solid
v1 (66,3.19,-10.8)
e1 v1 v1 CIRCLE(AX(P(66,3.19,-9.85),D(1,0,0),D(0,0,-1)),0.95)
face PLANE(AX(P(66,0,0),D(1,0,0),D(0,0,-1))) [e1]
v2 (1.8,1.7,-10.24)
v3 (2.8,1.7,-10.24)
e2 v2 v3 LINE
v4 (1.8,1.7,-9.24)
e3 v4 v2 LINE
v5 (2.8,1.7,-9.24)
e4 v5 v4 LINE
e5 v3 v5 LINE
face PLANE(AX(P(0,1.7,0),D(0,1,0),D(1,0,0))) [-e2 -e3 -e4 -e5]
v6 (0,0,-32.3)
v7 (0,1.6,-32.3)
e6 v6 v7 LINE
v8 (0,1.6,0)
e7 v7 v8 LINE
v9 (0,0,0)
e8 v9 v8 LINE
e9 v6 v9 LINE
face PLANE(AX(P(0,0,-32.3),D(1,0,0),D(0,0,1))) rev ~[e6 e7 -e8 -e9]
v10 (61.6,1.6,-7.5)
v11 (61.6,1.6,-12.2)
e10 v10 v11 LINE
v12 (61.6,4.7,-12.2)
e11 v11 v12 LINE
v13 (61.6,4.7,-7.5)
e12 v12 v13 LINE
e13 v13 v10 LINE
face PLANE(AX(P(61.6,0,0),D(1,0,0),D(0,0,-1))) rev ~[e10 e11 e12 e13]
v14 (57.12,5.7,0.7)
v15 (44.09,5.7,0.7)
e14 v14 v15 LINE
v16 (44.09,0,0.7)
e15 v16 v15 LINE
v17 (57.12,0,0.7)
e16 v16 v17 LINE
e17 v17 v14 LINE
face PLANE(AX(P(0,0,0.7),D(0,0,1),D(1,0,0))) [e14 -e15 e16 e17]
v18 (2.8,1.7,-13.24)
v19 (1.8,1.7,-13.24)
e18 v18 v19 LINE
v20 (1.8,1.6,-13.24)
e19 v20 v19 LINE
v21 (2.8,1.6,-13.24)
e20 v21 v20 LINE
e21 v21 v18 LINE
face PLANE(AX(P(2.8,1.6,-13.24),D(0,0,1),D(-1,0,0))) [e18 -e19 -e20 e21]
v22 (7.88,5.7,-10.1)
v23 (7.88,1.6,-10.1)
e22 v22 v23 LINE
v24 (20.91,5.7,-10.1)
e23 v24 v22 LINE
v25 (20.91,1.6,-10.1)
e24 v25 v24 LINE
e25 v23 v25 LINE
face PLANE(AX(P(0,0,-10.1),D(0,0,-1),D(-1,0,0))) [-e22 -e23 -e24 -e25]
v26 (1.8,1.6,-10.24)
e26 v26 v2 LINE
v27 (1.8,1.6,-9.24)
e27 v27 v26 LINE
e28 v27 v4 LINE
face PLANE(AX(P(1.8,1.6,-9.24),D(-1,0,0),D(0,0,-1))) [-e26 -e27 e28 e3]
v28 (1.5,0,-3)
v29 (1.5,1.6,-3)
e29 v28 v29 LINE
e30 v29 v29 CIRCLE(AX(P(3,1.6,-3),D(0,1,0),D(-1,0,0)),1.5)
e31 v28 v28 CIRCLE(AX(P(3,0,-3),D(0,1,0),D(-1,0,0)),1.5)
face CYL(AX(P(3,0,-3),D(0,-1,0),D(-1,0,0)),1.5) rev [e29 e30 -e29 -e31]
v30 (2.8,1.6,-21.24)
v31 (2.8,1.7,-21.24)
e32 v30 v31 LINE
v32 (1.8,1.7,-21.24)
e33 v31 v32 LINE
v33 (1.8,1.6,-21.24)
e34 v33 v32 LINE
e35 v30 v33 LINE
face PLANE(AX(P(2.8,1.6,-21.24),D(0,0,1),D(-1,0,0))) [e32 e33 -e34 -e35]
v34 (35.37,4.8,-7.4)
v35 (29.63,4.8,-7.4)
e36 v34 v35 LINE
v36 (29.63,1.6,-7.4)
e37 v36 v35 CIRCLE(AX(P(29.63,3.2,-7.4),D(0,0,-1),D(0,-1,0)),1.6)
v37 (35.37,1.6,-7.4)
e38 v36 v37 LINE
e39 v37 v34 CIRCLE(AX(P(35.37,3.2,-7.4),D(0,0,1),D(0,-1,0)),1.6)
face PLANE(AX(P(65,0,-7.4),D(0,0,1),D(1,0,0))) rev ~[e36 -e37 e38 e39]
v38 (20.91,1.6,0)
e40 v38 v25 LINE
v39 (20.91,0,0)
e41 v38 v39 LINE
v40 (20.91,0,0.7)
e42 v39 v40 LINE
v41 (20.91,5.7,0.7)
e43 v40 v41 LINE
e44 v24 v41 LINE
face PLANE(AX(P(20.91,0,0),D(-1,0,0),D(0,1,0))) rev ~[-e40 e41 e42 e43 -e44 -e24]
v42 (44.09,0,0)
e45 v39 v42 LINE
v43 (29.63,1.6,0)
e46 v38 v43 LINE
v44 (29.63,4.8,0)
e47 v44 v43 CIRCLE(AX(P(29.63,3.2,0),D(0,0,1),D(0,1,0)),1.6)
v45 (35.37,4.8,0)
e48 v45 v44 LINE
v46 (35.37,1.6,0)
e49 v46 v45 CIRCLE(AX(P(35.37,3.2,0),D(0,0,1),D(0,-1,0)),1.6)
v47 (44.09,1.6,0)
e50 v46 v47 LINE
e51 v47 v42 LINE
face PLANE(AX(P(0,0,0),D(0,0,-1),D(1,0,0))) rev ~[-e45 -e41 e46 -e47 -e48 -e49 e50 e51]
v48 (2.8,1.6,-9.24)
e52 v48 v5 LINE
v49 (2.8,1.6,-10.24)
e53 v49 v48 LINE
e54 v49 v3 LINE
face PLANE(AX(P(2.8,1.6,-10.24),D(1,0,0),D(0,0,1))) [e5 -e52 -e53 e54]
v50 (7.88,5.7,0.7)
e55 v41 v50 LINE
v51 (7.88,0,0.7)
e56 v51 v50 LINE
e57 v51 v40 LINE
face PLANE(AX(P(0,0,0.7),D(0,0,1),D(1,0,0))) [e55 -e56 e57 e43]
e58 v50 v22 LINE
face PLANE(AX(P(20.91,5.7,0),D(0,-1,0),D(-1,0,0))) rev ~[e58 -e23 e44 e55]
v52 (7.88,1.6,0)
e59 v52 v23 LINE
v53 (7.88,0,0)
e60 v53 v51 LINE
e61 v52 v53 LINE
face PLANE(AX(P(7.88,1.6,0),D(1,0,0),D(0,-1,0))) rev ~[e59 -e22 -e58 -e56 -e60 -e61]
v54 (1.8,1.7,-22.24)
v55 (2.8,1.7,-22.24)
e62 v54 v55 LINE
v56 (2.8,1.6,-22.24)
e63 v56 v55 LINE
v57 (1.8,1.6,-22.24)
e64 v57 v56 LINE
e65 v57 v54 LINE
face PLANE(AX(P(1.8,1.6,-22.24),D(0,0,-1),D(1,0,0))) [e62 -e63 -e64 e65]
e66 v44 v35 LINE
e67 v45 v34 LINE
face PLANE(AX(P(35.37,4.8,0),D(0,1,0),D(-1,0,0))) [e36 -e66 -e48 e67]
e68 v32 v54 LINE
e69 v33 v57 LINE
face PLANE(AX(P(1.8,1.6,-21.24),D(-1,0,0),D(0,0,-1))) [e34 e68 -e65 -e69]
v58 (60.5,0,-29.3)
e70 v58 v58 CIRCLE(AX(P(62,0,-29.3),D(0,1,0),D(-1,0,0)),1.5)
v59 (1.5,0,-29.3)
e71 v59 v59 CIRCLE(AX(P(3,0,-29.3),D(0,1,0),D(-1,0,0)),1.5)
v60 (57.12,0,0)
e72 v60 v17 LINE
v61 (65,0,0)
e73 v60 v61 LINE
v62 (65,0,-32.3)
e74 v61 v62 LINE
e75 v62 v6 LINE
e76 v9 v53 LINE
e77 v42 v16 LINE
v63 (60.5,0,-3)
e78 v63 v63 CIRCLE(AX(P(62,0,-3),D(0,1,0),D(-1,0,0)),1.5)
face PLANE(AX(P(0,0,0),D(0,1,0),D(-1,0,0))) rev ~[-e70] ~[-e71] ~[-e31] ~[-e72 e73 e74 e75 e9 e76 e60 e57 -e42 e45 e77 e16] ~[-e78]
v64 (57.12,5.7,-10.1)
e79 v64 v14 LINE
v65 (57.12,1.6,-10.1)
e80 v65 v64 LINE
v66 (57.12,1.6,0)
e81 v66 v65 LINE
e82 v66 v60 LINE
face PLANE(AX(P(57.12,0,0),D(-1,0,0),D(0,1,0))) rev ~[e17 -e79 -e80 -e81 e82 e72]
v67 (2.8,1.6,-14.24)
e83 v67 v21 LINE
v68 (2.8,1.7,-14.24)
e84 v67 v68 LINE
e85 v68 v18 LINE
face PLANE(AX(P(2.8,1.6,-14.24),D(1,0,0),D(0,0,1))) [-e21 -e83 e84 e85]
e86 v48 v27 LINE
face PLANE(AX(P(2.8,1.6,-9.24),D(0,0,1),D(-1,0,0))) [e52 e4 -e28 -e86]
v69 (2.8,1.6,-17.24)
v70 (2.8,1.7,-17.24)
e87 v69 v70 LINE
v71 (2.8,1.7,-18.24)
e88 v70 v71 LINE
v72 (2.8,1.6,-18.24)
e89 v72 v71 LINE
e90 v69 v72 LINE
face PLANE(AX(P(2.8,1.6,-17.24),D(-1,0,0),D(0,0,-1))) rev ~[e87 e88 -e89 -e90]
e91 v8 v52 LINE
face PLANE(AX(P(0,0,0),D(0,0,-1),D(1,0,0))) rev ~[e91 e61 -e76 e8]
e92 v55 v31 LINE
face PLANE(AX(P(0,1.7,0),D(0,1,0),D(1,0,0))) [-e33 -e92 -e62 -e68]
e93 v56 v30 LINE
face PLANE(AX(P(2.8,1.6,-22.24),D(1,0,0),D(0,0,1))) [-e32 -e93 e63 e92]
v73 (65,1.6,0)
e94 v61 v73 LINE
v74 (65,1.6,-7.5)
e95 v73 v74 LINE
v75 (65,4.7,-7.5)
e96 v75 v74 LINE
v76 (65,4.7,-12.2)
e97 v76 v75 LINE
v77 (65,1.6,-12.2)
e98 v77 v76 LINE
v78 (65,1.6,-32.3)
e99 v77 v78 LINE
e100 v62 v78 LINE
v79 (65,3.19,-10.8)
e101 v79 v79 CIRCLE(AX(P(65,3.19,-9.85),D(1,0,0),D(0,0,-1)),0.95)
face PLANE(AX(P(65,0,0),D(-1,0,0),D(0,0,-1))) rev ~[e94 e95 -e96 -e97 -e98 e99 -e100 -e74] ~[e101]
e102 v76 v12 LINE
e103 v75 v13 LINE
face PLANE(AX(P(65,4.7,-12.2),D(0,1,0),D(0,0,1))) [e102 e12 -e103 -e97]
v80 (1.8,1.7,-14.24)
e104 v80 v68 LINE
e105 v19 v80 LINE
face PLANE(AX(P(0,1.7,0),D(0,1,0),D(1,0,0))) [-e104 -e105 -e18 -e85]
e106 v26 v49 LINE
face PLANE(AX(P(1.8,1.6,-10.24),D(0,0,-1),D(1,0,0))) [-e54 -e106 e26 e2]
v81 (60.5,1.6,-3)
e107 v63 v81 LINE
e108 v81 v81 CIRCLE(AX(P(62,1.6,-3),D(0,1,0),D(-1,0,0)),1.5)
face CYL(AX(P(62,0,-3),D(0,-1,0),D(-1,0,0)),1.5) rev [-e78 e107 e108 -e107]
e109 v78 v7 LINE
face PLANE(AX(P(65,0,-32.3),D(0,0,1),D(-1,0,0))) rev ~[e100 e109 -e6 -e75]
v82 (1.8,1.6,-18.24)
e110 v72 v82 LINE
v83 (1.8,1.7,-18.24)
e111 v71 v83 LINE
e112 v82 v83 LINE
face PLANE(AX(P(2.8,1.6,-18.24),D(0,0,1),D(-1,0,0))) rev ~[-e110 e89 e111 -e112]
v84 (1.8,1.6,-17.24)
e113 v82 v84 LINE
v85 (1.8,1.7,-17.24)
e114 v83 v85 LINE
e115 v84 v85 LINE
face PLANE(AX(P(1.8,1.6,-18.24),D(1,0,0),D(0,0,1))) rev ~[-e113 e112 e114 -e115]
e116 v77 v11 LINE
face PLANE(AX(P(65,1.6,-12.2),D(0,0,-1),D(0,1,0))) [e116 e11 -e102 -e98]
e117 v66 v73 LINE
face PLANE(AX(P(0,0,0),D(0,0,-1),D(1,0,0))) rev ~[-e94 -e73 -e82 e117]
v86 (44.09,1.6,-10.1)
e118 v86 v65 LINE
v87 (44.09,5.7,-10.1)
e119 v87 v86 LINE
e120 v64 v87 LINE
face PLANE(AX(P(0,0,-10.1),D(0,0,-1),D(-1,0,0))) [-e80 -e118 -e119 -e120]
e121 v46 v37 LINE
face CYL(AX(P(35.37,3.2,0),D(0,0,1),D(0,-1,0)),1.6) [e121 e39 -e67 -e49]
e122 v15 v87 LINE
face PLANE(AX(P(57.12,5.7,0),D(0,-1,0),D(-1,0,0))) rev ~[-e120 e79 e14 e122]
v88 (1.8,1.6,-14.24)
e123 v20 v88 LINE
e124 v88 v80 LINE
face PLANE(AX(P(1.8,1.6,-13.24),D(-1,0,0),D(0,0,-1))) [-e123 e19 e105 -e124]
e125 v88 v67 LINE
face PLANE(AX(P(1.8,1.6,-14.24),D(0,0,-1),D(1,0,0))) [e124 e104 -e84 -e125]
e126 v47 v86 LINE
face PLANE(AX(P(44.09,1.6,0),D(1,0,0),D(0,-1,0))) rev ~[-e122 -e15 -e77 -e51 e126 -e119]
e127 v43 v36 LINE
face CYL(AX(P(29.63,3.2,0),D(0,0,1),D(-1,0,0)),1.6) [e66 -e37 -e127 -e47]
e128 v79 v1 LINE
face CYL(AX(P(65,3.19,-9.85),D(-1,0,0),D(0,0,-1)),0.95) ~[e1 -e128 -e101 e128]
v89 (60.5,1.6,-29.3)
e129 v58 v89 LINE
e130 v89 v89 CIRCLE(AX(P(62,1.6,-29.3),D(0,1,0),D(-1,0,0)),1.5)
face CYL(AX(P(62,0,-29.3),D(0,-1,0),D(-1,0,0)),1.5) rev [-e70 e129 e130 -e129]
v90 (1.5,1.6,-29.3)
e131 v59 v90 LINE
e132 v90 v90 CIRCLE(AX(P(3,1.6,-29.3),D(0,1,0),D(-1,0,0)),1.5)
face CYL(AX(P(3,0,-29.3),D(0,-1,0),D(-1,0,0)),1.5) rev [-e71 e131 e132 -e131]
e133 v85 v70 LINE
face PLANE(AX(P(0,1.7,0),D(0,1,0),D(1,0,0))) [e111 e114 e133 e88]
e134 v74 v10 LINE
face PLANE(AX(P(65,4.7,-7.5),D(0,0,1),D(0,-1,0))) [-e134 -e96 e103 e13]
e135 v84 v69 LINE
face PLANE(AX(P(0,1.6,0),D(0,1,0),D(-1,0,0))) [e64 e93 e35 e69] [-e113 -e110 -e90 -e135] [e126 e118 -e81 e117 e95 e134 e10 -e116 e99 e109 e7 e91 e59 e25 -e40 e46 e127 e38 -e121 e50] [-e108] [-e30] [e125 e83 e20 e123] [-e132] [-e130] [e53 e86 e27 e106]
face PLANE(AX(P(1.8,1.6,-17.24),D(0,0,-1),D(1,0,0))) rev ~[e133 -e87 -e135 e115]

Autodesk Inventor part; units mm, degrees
ref_plane "YZ Plane" through (0, 0, 0) normal (1, 0, 0) x (0, 1, 0)
ref_plane "XZ Plane" through (0, 0, 0) normal (0, 1, 0) x (-1, 0, 0)
ref_plane "XY Plane" through (0, 0, 0) normal (0, 0, 1) x (1, 0, 0)
sketch "草圖1" plane through (0, 0, 0) normal (0, 1, 0) x (-1, 0, 0)
  line L0 (0, 0) -> (-65, 0)
  line L1 (-65, 0) -> (-65, -32.3)
  line L2 (-65, -32.3) -> (0, -32.3)
  line L3 (0, -32.3) -> (0, 0)
  circle A0 centre (-3, -3) radius 1.5
  circle A1 centre (-3, -29.3) radius 1.5
  circle A2 centre (-62, -3) radius 1.5
  circle A3 centre (-62, -29.3) radius 1.5
  dimension "d0" = 65
  dimension "d1" = 32.3
  dimension "d4" = 3
  dimension "d5" = 3
  dimension "d6" = 3
  dimension "d7" = 3
  dimension "d8" = 3
  dimension "d9" = 3
  dimension "d10" = 3
  dimension "d11" = 3
  dimension "d12" = 3
  dimension "d13" = 3
  dimension "d14" = 3
  dimension "d15" = 3
extrude "擠出1" add sketch "草圖1" along normal blind 1.6
sketch "草圖2" plane through (0, 0, 0) normal (0, 0, 1) x (1, 0, 0)
  line L0 (0, 0) -> (65, 0) projected
  line L1 (65, 0) -> (65, 1.6) projected
  line L2 (0, 1.6) -> (65, 1.6) projected
  line L3 (0, 0) -> (0, 1.6) projected
  line L4 (7.88, 0) -> (20.91, 0)
  line L5 (20.91, 0) -> (20.91, 5.7)
  line L6 (20.91, 5.7) -> (7.88, 5.7)
  line L7 (7.88, 5.7) -> (7.88, 0)
  line L8 (44.09, 0) -> (57.12, 0)
  line L9 (57.12, 0) -> (57.12, 5.7)
  line L10 (57.12, 5.7) -> (44.09, 5.7)
  line L11 (44.09, 5.7) -> (44.09, 0)
  point P0 (44.09, 1.6)
  point P1 (57.12, 1.6)
  dimension "d16" = 13.03
  dimension "d17" = 5.7
  dimension "d18" = 13.03
  dimension "d19" = 5.7
  dimension "d20" = 7.88
  dimension "d21" = 7.88
extrude "擠出2" add sketch "草圖2" along normal blind 0.7 contours L7 L2 L5 L0 | L7 L6 L5 L2 | L11 L2 L9 L0 | L11 L10 L9 L2
sketch "草圖3" plane through (0, 0, 0) normal (0, 0, -1) x (-1, 0, 0)
  line L0 (-7.88, 1.6) -> (-20.91, 1.6) projected
  line L1 (-7.88, 5.7) -> (-7.88, 1.6) projected
  line L2 (-20.91, 5.7) -> (-7.88, 5.7) projected
  line L3 (-20.91, 1.6) -> (-20.91, 5.7) projected
  line L4 (-57.12, 5.7) -> (-44.09, 5.7) projected
  line L5 (-44.09, 5.7) -> (-44.09, 1.6) projected
  line L6 (-57.12, 5.7) -> (-44.09, 5.7) projected
  line L7 (-57.12, 1.6) -> (-57.12, 5.7) projected
  line L8 (-7.88, 1.6) -> (-20.91, 1.6) projected
  line L9 (-7.88, 5.7) -> (-7.88, 1.6) projected
  line L10 (-20.91, 5.7) -> (-7.88, 5.7) projected
  line L11 (-20.91, 1.6) -> (-20.91, 5.7) projected
  line L12 (-44.09, 1.6) -> (-57.12, 1.6) projected
  point P0 (0, 0)
extrude "擠出3" add sketch "草圖3" along normal blind 10.1
sketch "草圖4" plane through (65, 0, 0) normal (0, 0, 1) x (1, 0, 0)
  line L0 (-44.09, 1.6) -> (-44.09, 0) projected
  line L1 (-65, 0) -> (-57.12, 0) projected
  line L2 (0, 0) -> (0, 1.6) projected
  line L3 (-7.88, 1.6) -> (0, 1.6) projected
  line L4 (-65, 1.6) -> (-57.12, 1.6) projected
  line L5 (-44.09, 1.6) -> (-20.91, 1.6) projected
  line L6 (-35.37, 1.6) -> (-29.63, 1.6)
  line L7 (-28.03, 3.2) -> (-28.03, 3.2)
  line L8 (-29.63, 4.8) -> (-35.37, 4.8)
  line L9 (-36.97, 3.2) -> (-36.97, 3.2)
  arc A0 (-35.37, 4.8) -> (-36.97, 3.2) centre (-35.37, 3.2) ccw
  arc A1 (-36.97, 3.2) -> (-35.37, 1.6) centre (-35.37, 3.2) ccw
  arc A2 (-29.63, 1.6) -> (-28.03, 3.2) centre (-29.63, 3.2) ccw
  arc A3 (-28.03, 3.2) -> (-29.63, 4.8) centre (-29.63, 3.2) ccw
  line L10 (0, 0) -> (-65, 0) projected
  line L11 (-57.12, 0) -> (-57.12, 1.6) projected
  line L12 (-65, 0) -> (-65, 1.6) projected
  line L13 (-44.09, 0) -> (-20.91, 0) projected
  line L14 (-20.91, 0) -> (-20.91, 1.6) projected
  line L15 (-7.88, 1.6) -> (-7.88, 0) projected
  line L16 (-7.88, 0) -> (0, 0) projected
  point P0 (-36.97, 1.6)
  point P1 (-28.03, 4.8)
  point P2 (-28.03, 1.6)
  point P3 (-36.97, 4.8)
  point P4 (-32.5, 4.8)
  point P5 (-32.5, 0)
  point P6 (-35.37, 1.6)
  point P7 (-29.63, 1.6)
  dimension "d26" = 8.94
  dimension "d27" = 3.2
  dimension "d28" = 1.6
extrude "擠出4" add sketch "草圖4" against normal blind 7.4 contours A1 A0 L8 A3 A2 L5
sketch "草圖5" plane through (65, 0, 0) normal (1, 0, 0) x (0, 0, -1)
  line L0 (0, 0) -> (32.3, 0) projected
  line L1 (32.3, 0) -> (32.3, 1.6) projected
  line L2 (0, 1.6) -> (32.3, 1.6) projected
  line L3 (0, 0) -> (0, 1.6) projected
  line L4 (7.5, 1.6) -> (12.2, 1.6)
  line L5 (12.2, 1.6) -> (12.2, 4.7)
  line L6 (12.2, 4.7) -> (7.5, 4.7)
  line L7 (7.5, 4.7) -> (7.5, 1.6)
  dimension "d31" = 4.7
  dimension "d32" = 3.1
  dimension "d33" = 7.5
extrude "擠出5" add sketch "草圖5" against normal blind 3.4 contours L7 L6 L5 L2
sketch "草圖6" plane through (65, 0, 0) normal (1, 0, 0) x (0, 0, -1)
  line L0 (0, 0) -> (32.3, 0) projected
  line L1 (32.3, 0) -> (32.3, 1.6) projected
  line L2 (12.2, 1.6) -> (32.3, 1.6) projected
  line L3 (12.2, 1.6) -> (12.2, 4.7) projected
  line L4 (12.2, 4.7) -> (7.5, 4.7) projected
  line L5 (7.5, 4.7) -> (7.5, 1.6) projected
  line L6 (0, 1.6) -> (7.5, 1.6) projected
  line L7 (0, 0) -> (0, 1.6) projected
  line L8 (7.5, 1.6) -> (12.2, 1.6)
  circle A0 centre (9.85, 3.19) radius 0.95
  dimension "d36" = 1.9
extrude "擠出6" add sketch "草圖6" along normal blind 1 contours A0
sketch "草圖7" plane through (0, 1.6, 0) normal (0, 1, 0) x (1, 0, 0)
  circle A0 centre (62, 29.3) radius 1.5 projected
  circle A1 centre (62, 3) radius 1.5 projected
  circle A2 centre (3, 29.3) radius 1.5 projected
  circle A3 centre (3, 3) radius 1.5 projected
  line L0 (65, 7.5) -> (61.6, 7.5) projected
  line L1 (61.6, 7.5) -> (61.6, 12.2) projected
  line L2 (61.6, 12.2) -> (65, 12.2) projected
  line L3 (65, 12.2) -> (65, 32.3) projected
  line L4 (65, 32.3) -> (0, 32.3) projected
  line L5 (0, 32.3) -> (0, 0) projected
  line L6 (0, 0) -> (7.88, 0) projected
  line L7 (7.88, 0) -> (7.88, 10.1) projected
  line L8 (7.88, 10.1) -> (20.91, 10.1) projected
  line L9 (20.91, 10.1) -> (20.91, 0) projected
  line L10 (20.91, 0) -> (29.63, 0) projected
  line L11 (29.63, 0) -> (29.63, 7.4) projected
  line L12 (29.63, 7.4) -> (35.37, 7.4) projected
  line L13 (35.37, 0) -> (35.37, 7.4) projected
  line L14 (35.37, 0) -> (44.09, 0) projected
  line L15 (44.09, 0) -> (44.09, 10.1) projected
  line L16 (44.09, 10.1) -> (57.12, 10.1) projected
  line L17 (57.12, 10.1) -> (57.12, 0) projected
  line L18 (57.12, 0) -> (65, 0) projected
  line L19 (65, 0) -> (65, 7.5) projected
  line L20 (1.8, 22.24) -> (2.8, 22.24)
  line L21 (2.8, 22.24) -> (2.8, 21.24)
  line L22 (2.8, 21.24) -> (1.8, 21.24)
  line L23 (1.8, 21.24) -> (1.8, 22.24)
  line L24 (1.8, 22.24) -> (2.8, 21.24) construction
  line L25 (2.8, 22.24) -> (1.8, 21.24) construction
  line L26 (1.8, 10.24) -> (2.8, 10.24)
  line L27 (2.8, 10.24) -> (2.8, 9.24)
  line L28 (2.8, 9.24) -> (1.8, 9.24)
  line L29 (1.8, 9.24) -> (1.8, 10.24)
  line L30 (1.8, 10.24) -> (2.8, 9.24) construction
  line L31 (2.8, 10.24) -> (1.8, 9.24) construction
  line L32 (1.8, 14.24) -> (2.8, 14.24)
  line L33 (2.8, 14.24) -> (2.8, 13.24)
  line L34 (2.8, 13.24) -> (1.8, 13.24)
  line L35 (1.8, 13.24) -> (1.8, 14.24)
  line L36 (1.8, 14.24) -> (2.8, 13.24) construction
  line L37 (2.8, 14.24) -> (1.8, 13.24) construction
  line L38 (1.8, 17.24) -> (2.8, 17.24)
  line L39 (2.8, 17.24) -> (2.8, 18.24)
  line L40 (2.8, 18.24) -> (1.8, 18.24)
  line L41 (1.8, 18.24) -> (1.8, 17.24)
  line L42 (1.8, 17.24) -> (2.8, 18.24) construction
  line L43 (2.8, 17.24) -> (1.8, 18.24) construction
  point P0 (2.3, 21.74)
  point P1 (2.3, 9.74)
  point P2 (2.3, 13.74)
  point P3 (2.3, 17.74)
  point P4 (2.3, 17.24)
  dimension "d39" = 1
  dimension "d40" = 1
  dimension "d41" = 1
  dimension "d42" = 1
  dimension "d43" = 1
  dimension "d44" = 1
  dimension "d45" = 1
  dimension "d46" = 1
  dimension "d47" = 2.3
  dimension "d48" = 10.56
  dimension "d55" = 4
  dimension "d56" = 4
  dimension "d57" = 4
extrude "擠出7" add sketch "草圖7" along normal blind 0.1 contours L20 L21 L22 L23 | L26 L27 L28 L29 | L32 L33 L34 L35 | L41 L40 L39 L38
equation "\"d18\" = d16"
equation "\"d19\" = d17"
equation "\"d21\" = d20"
properties part number "circuit board"
